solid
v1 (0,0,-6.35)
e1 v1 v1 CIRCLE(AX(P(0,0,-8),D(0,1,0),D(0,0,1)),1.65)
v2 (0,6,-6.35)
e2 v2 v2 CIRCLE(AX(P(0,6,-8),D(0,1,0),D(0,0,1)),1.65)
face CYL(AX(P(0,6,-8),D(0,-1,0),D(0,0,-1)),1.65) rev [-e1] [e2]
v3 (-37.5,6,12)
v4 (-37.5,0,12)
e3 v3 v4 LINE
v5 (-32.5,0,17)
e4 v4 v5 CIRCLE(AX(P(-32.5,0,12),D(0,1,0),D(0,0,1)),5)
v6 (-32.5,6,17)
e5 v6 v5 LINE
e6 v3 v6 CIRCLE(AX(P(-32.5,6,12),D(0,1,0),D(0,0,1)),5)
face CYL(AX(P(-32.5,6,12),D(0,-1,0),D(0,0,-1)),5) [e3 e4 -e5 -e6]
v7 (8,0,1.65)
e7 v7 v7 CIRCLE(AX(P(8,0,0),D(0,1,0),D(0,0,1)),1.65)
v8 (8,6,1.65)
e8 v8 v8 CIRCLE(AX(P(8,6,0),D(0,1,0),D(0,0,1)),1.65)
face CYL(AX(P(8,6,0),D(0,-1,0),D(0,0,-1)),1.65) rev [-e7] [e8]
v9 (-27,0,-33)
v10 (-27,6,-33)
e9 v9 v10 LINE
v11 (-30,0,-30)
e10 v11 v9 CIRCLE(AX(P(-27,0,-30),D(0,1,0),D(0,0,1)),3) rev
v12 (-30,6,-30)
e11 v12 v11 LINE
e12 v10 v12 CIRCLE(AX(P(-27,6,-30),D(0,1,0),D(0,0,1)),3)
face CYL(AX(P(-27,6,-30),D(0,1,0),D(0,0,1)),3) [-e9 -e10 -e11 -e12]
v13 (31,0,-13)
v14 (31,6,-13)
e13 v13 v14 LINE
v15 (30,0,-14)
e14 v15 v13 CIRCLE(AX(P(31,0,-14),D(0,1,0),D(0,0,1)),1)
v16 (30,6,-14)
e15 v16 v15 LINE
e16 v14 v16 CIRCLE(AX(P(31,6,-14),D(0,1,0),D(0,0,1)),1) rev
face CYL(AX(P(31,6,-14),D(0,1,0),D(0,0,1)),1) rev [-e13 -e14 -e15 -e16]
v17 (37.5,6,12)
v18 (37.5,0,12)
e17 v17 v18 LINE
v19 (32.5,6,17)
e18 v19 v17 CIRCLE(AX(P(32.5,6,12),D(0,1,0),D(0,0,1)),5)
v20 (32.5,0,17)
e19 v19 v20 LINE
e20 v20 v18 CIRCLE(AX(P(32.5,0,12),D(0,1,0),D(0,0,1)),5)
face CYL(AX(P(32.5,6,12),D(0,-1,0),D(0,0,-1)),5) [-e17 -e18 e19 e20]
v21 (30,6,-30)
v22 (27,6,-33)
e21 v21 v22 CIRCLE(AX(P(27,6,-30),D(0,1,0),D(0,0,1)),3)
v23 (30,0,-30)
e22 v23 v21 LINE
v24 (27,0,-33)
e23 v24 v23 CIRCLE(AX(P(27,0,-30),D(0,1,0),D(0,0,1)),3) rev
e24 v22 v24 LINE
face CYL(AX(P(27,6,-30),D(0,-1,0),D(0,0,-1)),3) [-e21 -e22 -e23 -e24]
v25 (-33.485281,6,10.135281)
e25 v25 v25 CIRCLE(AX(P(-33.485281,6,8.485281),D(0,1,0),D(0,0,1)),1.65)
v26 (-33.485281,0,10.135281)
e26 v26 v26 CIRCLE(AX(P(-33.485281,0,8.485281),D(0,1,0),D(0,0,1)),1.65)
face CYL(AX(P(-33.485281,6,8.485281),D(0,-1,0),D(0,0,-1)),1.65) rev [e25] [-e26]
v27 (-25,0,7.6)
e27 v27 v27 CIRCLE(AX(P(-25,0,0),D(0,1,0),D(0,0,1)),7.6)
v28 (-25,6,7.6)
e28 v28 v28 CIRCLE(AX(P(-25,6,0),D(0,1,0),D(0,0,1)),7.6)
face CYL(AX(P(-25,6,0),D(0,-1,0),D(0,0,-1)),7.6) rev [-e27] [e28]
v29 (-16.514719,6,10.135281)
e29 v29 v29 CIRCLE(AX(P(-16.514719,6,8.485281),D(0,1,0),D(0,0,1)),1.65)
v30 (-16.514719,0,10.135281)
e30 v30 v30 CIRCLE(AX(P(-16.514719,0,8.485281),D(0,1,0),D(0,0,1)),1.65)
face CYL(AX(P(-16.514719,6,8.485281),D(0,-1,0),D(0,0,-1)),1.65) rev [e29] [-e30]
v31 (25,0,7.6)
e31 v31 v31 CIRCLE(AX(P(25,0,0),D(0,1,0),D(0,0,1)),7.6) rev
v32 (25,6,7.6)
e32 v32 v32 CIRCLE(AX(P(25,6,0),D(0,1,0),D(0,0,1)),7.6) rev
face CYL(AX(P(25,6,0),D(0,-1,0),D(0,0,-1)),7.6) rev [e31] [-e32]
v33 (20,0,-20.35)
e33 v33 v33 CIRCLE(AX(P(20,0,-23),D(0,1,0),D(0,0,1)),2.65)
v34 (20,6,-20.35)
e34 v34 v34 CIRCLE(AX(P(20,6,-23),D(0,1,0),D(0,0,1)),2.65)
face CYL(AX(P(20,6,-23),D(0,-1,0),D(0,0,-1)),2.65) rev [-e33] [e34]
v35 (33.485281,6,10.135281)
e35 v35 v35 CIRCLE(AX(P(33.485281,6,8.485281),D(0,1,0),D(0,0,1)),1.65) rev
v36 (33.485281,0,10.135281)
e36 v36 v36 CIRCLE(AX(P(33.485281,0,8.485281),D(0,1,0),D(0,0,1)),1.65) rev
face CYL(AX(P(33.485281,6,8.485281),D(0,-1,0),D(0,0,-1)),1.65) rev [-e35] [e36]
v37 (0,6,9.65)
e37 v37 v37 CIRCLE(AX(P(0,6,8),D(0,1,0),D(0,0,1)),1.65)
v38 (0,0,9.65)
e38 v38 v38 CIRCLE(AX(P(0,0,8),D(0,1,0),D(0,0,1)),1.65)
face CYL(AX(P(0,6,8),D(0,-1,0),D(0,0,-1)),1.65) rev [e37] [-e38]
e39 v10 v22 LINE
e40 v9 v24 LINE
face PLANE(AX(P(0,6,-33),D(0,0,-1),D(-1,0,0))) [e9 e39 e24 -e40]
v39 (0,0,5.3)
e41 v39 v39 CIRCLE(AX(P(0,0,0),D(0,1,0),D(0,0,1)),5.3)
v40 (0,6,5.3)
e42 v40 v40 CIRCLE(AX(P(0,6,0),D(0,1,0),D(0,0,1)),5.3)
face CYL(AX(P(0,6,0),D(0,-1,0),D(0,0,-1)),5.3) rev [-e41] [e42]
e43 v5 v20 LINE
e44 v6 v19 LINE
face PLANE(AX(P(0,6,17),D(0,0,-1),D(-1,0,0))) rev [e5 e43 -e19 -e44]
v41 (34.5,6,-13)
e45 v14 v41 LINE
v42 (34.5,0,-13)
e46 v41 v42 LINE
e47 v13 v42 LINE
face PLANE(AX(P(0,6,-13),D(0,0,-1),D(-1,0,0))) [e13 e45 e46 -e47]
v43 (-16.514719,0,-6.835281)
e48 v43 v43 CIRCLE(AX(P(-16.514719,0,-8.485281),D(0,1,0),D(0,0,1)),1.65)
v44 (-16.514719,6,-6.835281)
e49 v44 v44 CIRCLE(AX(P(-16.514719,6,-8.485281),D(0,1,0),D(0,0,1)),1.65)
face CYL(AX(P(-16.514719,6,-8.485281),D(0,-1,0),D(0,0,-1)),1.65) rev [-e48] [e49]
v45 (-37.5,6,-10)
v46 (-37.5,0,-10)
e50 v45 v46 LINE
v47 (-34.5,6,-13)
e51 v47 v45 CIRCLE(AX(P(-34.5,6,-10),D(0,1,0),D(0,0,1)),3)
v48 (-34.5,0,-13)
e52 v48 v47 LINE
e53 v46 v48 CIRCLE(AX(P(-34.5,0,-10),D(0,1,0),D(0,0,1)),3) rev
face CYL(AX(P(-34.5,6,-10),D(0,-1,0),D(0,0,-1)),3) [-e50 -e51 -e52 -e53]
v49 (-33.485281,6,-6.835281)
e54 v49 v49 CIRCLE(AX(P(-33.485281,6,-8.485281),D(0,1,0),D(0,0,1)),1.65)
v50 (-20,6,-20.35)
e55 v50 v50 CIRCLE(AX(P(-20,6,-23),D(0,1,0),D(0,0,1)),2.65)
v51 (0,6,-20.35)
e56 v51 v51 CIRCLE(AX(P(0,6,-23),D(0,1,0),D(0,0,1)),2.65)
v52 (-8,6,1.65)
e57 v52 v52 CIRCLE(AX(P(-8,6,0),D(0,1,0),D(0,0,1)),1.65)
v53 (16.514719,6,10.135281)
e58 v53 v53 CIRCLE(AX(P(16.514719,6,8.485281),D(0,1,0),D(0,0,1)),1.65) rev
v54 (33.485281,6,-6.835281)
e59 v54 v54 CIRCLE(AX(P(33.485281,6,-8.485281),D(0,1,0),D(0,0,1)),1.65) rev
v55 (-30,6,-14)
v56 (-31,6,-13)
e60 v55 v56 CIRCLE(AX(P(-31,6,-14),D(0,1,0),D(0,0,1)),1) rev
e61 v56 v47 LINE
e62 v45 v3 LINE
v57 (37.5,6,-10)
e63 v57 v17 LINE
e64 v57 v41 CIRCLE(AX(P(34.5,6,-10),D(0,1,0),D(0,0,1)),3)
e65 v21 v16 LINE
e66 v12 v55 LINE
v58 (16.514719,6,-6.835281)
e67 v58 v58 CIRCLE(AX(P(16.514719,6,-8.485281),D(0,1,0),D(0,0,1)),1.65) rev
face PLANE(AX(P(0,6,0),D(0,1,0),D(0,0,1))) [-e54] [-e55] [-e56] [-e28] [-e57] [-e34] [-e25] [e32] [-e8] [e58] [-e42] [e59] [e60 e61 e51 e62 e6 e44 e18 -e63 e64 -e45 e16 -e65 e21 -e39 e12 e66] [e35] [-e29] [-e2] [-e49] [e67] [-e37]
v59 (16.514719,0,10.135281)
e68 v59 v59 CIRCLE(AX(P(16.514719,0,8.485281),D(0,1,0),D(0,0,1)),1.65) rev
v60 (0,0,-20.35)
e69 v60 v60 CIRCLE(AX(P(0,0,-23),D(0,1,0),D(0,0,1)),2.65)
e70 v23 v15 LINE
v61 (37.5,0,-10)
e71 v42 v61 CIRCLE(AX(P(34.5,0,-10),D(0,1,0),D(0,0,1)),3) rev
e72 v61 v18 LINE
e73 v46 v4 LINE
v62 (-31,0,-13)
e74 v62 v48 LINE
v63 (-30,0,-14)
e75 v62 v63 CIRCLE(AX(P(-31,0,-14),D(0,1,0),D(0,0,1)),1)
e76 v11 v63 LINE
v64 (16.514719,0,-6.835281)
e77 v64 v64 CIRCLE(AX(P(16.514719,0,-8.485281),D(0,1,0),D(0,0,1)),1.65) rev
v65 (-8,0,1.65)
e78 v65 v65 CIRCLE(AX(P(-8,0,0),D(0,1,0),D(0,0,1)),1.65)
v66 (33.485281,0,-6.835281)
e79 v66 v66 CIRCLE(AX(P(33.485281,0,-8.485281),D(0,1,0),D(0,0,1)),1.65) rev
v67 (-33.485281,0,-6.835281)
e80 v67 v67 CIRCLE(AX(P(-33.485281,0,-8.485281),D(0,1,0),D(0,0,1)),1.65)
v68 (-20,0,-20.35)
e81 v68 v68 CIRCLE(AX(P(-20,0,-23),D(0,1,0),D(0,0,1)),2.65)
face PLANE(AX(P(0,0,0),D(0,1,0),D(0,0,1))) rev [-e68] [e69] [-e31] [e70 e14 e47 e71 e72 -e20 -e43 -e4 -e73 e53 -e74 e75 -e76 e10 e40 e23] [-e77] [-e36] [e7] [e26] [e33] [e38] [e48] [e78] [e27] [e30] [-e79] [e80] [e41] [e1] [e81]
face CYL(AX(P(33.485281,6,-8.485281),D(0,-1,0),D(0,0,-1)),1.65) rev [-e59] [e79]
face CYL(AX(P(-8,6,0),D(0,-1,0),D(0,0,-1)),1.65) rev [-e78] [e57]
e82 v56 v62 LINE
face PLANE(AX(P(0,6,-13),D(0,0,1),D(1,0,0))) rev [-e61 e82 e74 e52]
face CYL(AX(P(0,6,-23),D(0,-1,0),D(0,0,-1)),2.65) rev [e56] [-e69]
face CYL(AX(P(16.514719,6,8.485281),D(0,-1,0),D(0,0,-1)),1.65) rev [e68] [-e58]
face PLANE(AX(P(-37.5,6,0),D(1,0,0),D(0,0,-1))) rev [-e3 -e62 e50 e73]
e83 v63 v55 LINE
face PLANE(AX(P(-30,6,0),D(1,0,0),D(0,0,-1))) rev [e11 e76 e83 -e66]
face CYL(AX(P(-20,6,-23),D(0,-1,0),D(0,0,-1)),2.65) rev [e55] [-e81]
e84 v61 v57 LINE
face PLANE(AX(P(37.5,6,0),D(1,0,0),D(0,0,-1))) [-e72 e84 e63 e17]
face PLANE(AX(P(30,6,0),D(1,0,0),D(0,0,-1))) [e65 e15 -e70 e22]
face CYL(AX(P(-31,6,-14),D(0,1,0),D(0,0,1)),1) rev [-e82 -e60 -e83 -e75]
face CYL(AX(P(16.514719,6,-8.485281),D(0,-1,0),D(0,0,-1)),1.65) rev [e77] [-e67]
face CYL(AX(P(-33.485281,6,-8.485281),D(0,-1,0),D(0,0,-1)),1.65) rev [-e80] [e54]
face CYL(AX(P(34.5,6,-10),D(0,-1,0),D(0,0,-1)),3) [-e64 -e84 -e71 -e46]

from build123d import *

# Parameters (mm, degrees)
SKETCH_1_R      = 1.65
SKETCH_1_R_2    = 7.6
SKETCH_1_R_3    = 5.3
SKETCH_1_R_4    = 2.65
EXTRUDE_1_DEPTH = 6
FILLET_1_R      = 3
FILLET_2_R      = 1


with BuildPart() as part:
    # 草图1 → 凸台-拉伸1 (new body)
    with BuildSketch(Plane(origin=(0, 0, 0), x_dir=(1, 0, 0), z_dir=(0, 1, 0))):
        with BuildLine():
            Line((-30, 13), (-37.5, 13))
            Line((-37.5, 13), (-37.5, -12))
            ThreePointArc((-37.5, -12), (-36.035533906, -15.535533906), (-32.5, -17))
            Line((-32.5, -17), (32.5, -17))
            ThreePointArc((32.5, -17), (36.035533906, -15.535533906), (37.5, -12))
            Line((37.5, -12), (37.5, 13))
            Line((37.5, 13), (30, 13))
            Line((30, 13), (30, 33))
            Line((30, 33), (-30, 33))
            Line((-30, 33), (-30, 13))
        make_face()
        with Locations(Location((-33.485281374, -8.485281374, 0), (0, 0, 270))):
            Circle(SKETCH_1_R, mode=Mode.SUBTRACT)
        with Locations(Location((-16.514718626, -8.485281374, 0), (0, 0, 270))):
            Circle(SKETCH_1_R, mode=Mode.SUBTRACT)
        with Locations(Location((0, -8, 0), (0, 0, 270))):
            Circle(SKETCH_1_R, mode=Mode.SUBTRACT)
        with Locations(Location((-25, 0, 0), (0, 0, 270))):
            Circle(SKETCH_1_R_2, mode=Mode.SUBTRACT)
        with Locations(Location((-8, 0, 0), (0, 0, 270))):
            Circle(SKETCH_1_R, mode=Mode.SUBTRACT)
        with Locations(Location((0, 0, 0), (0, 0, 270))):
            Circle(SKETCH_1_R_3, mode=Mode.SUBTRACT)
        with Locations(Location((0, 8, 0), (0, 0, 270))):
            Circle(SKETCH_1_R, mode=Mode.SUBTRACT)
        with Locations(Location((16.514718626, -8.485281374, 0), (0, 0, 270))):
            Circle(SKETCH_1_R, mode=Mode.SUBTRACT)
        with Locations(Location((33.485281374, -8.485281374, 0), (0, 0, 270))):
            Circle(SKETCH_1_R, mode=Mode.SUBTRACT)
        with Locations(Location((8, 0, 0), (0, 0, 270))):
            Circle(SKETCH_1_R, mode=Mode.SUBTRACT)
        with Locations(Location((25, 0, 0), (0, 0, 270))):
            Circle(SKETCH_1_R_2, mode=Mode.SUBTRACT)
        with Locations(Location((-33.485281374, 8.485281374, 0), (0, 0, 270))):
            Circle(SKETCH_1_R, mode=Mode.SUBTRACT)
        with Locations(Location((-16.514718626, 8.485281374, 0), (0, 0, 270))):
            Circle(SKETCH_1_R, mode=Mode.SUBTRACT)
        with Locations(Location((-20, 23, 0), (0, 0, 270))):
            Circle(SKETCH_1_R_4, mode=Mode.SUBTRACT)
        with Locations(Location((0, 23, 0), (0, 0, 270))):
            Circle(SKETCH_1_R_4, mode=Mode.SUBTRACT)
        with Locations(Location((16.514718626, 8.485281374, 0), (0, 0, 270))):
            Circle(SKETCH_1_R, mode=Mode.SUBTRACT)
        with Locations(Location((33.485281374, 8.485281374, 0), (0, 0, 270))):
            Circle(SKETCH_1_R, mode=Mode.SUBTRACT)
        with Locations(Location((20, 23, 0), (0, 0, 270))):
            Circle(SKETCH_1_R_4, mode=Mode.SUBTRACT)
    extrude(amount=EXTRUDE_1_DEPTH)

    # 圆角1
    fillet_1_edges = [part.edges().sort_by_distance(p)[0] for p in [
        (-37.5, 3, -13),
        (-30, 3, -33),
        (30, 3, -33),
        (37.5, 3, -13),
    ]]
    fillet(fillet_1_edges, radius=FILLET_1_R)

    # 圆角2
    fillet_2_edges = [part.edges().sort_by_distance(p)[0] for p in [
        (-30, 3, -13),
        (30, 3, -13),
    ]]
    fillet(fillet_2_edges, radius=FILLET_2_R)


solid = part.part
